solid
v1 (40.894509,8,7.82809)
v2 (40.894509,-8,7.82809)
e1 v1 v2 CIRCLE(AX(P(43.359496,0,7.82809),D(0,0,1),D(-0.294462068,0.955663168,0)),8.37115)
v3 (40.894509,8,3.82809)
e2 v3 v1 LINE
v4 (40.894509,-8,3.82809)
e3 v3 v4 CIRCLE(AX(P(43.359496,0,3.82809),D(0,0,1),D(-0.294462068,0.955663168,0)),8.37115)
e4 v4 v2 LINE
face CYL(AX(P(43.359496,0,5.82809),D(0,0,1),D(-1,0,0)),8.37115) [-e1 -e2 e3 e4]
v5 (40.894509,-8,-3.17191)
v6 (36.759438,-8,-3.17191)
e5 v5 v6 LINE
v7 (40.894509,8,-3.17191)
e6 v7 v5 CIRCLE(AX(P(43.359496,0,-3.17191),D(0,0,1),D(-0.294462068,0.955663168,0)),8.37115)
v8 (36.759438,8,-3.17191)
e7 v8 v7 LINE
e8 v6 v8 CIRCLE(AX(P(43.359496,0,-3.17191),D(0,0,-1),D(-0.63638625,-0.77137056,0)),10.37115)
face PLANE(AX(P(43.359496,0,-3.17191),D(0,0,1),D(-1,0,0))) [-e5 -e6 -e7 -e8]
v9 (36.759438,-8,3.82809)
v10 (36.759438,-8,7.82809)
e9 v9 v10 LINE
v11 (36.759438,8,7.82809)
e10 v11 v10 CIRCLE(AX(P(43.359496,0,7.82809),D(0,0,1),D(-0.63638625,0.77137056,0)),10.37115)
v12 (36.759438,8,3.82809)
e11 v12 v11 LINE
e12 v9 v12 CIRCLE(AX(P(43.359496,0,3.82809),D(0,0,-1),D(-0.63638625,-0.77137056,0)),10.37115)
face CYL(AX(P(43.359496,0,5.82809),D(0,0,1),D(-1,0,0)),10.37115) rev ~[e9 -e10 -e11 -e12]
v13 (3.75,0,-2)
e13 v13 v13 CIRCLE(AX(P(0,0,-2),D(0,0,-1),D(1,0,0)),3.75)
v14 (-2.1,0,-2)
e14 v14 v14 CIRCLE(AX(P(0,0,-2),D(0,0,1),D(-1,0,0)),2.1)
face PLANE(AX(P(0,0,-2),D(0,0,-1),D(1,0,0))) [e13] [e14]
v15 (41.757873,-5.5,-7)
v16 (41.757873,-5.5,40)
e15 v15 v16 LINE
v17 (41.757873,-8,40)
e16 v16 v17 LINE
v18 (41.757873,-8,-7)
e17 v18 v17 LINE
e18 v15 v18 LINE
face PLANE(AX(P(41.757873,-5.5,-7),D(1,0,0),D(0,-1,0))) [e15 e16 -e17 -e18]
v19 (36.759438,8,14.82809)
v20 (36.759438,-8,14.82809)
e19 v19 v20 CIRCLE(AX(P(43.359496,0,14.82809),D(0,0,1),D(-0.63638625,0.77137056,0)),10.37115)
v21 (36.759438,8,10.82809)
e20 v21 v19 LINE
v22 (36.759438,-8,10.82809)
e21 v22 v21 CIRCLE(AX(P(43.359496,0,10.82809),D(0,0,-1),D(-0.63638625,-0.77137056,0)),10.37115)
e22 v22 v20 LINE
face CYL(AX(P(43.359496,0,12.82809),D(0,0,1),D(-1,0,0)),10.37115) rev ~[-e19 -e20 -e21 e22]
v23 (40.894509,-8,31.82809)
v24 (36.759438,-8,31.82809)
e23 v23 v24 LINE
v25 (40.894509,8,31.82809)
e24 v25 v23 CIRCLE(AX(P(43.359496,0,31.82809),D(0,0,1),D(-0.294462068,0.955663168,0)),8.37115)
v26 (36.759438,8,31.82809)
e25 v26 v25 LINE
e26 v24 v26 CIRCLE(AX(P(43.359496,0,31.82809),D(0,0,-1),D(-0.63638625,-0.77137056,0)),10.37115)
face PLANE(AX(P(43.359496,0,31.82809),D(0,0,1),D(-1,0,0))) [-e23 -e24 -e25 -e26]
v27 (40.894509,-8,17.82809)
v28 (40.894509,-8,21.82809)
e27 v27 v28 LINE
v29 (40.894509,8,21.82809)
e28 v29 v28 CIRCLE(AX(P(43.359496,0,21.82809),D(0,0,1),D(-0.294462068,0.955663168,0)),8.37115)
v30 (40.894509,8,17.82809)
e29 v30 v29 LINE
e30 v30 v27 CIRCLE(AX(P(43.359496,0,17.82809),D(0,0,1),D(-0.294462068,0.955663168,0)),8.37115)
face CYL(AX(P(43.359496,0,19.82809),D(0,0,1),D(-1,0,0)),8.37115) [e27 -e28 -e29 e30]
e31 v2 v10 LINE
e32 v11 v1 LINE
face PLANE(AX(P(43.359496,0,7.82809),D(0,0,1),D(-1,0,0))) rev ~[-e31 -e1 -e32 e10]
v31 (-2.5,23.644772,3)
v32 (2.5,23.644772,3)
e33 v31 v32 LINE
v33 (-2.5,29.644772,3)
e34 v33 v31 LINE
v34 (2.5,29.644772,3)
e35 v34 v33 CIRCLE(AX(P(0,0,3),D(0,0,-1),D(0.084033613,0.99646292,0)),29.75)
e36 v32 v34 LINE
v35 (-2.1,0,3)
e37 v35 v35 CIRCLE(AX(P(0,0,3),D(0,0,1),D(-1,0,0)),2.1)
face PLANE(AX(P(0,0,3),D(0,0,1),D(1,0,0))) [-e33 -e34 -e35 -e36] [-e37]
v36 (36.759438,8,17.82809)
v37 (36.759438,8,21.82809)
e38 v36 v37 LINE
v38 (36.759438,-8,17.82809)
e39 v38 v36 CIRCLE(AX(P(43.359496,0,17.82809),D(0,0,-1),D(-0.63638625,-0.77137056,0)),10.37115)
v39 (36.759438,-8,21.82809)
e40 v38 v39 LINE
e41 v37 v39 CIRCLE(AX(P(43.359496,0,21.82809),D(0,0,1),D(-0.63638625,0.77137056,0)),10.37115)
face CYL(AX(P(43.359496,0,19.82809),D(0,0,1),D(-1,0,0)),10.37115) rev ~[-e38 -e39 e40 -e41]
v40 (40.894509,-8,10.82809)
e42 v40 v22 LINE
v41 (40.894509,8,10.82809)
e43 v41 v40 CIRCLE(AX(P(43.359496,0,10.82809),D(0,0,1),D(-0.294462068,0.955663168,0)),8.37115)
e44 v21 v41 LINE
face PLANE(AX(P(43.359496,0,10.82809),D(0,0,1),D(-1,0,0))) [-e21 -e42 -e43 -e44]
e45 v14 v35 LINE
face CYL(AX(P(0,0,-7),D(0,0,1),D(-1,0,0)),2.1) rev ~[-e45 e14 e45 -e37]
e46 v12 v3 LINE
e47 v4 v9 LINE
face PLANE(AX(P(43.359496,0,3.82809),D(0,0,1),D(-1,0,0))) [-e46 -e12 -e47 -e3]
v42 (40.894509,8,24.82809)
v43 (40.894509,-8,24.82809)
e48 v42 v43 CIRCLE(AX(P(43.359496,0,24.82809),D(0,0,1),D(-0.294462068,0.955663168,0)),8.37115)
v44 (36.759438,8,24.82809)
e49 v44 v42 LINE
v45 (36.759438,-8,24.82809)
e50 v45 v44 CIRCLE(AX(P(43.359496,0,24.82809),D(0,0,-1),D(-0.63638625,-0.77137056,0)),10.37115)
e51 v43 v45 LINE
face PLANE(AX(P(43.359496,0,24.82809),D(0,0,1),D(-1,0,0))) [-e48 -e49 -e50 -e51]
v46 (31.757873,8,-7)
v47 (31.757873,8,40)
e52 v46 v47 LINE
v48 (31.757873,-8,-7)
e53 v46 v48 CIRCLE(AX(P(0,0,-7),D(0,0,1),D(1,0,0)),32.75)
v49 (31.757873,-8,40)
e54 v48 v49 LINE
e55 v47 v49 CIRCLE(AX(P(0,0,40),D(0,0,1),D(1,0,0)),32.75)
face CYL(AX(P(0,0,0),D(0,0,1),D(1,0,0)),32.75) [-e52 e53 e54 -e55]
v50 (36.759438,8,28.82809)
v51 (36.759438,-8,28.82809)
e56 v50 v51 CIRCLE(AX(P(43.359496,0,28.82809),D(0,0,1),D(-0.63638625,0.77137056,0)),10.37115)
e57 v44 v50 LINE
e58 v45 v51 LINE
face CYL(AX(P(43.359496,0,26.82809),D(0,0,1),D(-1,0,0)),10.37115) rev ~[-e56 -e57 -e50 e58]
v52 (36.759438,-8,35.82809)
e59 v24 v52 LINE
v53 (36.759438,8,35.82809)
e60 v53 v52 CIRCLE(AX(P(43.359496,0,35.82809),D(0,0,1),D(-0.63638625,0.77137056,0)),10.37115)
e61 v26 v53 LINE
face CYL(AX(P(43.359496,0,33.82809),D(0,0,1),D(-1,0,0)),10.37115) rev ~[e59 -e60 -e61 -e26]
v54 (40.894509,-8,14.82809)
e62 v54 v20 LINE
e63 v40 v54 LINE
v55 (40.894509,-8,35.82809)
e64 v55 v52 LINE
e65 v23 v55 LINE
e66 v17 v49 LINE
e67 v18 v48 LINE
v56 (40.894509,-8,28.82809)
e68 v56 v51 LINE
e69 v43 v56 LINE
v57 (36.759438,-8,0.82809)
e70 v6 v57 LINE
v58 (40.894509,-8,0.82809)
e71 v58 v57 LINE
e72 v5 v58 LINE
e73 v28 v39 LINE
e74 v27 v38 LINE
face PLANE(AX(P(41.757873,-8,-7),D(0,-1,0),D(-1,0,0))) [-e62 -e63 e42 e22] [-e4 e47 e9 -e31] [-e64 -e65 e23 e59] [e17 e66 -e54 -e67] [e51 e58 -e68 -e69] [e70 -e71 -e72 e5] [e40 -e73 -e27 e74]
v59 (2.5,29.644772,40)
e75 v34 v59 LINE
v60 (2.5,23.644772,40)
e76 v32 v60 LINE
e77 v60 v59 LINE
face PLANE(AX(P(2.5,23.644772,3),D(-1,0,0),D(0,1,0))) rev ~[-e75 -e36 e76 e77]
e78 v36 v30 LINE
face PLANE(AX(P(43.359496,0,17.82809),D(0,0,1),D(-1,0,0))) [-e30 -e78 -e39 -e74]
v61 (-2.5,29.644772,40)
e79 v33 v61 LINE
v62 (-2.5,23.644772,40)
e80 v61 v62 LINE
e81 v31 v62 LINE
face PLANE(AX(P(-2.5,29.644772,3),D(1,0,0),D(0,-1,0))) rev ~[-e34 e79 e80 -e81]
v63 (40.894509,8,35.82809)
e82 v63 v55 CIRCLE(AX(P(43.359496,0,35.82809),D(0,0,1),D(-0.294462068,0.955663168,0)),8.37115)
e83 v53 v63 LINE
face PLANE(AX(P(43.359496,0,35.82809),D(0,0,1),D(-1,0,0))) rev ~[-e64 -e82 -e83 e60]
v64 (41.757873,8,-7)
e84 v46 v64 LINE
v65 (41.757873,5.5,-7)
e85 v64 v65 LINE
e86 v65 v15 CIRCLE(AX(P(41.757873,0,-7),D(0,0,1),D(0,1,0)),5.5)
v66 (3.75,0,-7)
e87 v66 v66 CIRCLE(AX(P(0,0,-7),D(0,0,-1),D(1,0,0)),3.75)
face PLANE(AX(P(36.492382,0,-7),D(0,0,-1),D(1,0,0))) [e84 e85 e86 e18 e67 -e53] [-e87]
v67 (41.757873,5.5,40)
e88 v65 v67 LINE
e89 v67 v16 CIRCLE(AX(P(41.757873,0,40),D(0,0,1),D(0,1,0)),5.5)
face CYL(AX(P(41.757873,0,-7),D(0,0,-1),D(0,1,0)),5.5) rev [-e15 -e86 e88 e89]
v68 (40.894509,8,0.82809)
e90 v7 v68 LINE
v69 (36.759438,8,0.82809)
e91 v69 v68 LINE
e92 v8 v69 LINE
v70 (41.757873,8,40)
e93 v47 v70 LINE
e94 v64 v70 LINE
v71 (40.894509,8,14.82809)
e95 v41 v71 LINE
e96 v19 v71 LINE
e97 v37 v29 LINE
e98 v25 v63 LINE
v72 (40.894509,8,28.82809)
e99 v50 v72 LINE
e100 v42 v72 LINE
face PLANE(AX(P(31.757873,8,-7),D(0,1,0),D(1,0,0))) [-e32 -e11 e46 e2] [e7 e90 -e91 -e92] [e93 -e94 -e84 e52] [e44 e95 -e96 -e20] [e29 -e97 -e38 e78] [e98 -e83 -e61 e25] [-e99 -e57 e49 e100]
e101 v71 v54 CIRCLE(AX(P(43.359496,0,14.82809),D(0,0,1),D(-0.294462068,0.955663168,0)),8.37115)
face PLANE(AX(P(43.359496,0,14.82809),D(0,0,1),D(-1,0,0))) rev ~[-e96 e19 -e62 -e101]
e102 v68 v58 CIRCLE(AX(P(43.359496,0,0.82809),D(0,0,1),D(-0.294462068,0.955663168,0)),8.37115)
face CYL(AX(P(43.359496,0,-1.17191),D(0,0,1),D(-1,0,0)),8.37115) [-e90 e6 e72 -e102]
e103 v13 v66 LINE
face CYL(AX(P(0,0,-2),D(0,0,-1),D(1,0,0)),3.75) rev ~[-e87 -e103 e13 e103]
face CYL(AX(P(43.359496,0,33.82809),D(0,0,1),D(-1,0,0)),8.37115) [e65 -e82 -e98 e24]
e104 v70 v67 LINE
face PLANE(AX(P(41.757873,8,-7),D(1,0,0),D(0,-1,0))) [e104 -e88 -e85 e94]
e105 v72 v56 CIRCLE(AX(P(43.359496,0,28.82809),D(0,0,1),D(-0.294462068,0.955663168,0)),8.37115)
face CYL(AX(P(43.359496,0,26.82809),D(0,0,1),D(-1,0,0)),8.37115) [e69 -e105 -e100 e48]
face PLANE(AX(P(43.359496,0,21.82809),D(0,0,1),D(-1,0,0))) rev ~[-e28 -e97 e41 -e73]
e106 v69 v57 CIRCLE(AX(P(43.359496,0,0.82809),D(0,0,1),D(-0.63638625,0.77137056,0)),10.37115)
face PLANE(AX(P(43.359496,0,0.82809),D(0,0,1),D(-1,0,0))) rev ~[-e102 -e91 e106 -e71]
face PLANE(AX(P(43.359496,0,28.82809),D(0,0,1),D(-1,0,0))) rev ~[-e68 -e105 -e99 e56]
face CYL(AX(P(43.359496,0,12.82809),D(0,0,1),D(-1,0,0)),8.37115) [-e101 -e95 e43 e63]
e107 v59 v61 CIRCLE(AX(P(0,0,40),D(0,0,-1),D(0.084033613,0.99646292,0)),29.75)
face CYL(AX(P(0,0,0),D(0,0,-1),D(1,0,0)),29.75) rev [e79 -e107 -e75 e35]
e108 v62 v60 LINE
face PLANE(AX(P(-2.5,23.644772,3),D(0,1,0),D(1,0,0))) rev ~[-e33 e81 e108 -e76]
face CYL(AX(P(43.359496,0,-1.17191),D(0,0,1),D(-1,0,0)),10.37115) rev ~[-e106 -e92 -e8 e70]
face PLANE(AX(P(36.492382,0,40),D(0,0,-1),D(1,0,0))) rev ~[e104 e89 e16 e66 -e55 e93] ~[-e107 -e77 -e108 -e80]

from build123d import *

# Parameters (mm, degrees)
F0_R           = 32.75
F1_DEPTH       = 40
F2_T           = -3
F3_DEPTH       = 7
F5_D           = 4.2
F5_DEPTH       = 15
F5_CBORE_D     = 7.5
F5_CBORE_DEPTH = 5
F5_TIP         = 1.2618073
F7_DEPTH       = 37
F9_DEPTH       = 47
F10_W          = 2
F10_H          = 4


with BuildPart() as f1:
    # F0 (on Top) → F1 (new body)
    with BuildSketch(Plane.XY):
        Circle(F0_R)
    extrude(amount=F1_DEPTH)

    # F2
    f2_openings = [f1.faces().sort_by_distance(p)[0] for p in [
        (0, 0, 40),
    ]]
    offset(amount=F2_T, openings=f2_openings)

    # F3 (add): a face of the model
    f3_faces = [f1.faces().sort_by_distance(p)[0] for p in [
        (0, 0, 0),
    ]]
    extrude(f3_faces, amount=F3_DEPTH)

    # F5
    with Locations(Plane(origin=(0, 0, -7), x_dir=(1, 0, 0), z_dir=(0, 0, -1))):
        with Locations((0, 0)):
            CounterBoreHole(F5_D / 2, F5_CBORE_D / 2, F5_CBORE_DEPTH, depth=F5_DEPTH)
            with Locations((0, 0, -(F5_DEPTH + F5_TIP / 2))):  # 118° drill point
                Cone(0, F5_D / 2, F5_TIP, mode=Mode.SUBTRACT)

    # F6 (on face) → F7 (join)
    with BuildSketch(Plane.XY.offset(3)):
        with BuildLine():
            ThreePointArc((2.5, 29.6447718831), (0, 29.75), (-2.5, 29.6447718831))
            Line((-2.5, 29.6447718831), (-2.5, 23.6447718831))
            Line((-2.5, 23.6447718831), (2.5, 23.6447718831))
            Line((2.5, 23.6447718831), (2.5, 29.6447718831))
        make_face()
    extrude(amount=F7_DEPTH)

    # F8 (on face) → F9 (join)
    with BuildSketch(Plane(origin=(0, 0, -7), x_dir=(1, 0, 0), z_dir=(0, 0, -1))):
        with BuildLine():
            ThreePointArc((32.75, 0), (32.5010218458, -4.0306425017), (31.7578730396, -8))
            Line((31.7578730396, -8), (41.7578730396, -8))
            Line((41.7578730396, -8), (41.7578730396, -5.5))
            ThreePointArc((41.7578730396, -5.5), (36.2578730396, 0), (41.7578730396, 5.5))
            Line((41.7578730396, 5.5), (41.7578730396, 8))
            Line((41.7578730396, 8), (31.7578730396, 8))
            ThreePointArc((31.7578730396, 8), (32.5010218458, 4.0306425017), (32.75, 0))
        make_face()
    extrude(amount=-F9_DEPTH)

    # F10 (on Front) → F11 (revolve, cut)
    with BuildSketch(Plane.XZ):
        with Locations((33.9883454144, -1.1719100263)):
            Rectangle(F10_W, F10_H)
        with Locations((33.9883454144, 5.8280899737)):
            Rectangle(F10_W, F10_H)
        with Locations((33.9883454144, 12.8280899737)):
            Rectangle(F10_W, F10_H)
        with Locations((33.9883454144, 19.8280899737)):
            Rectangle(F10_W, F10_H)
        with Locations((33.9883454144, 26.8280899737)):
            Rectangle(F10_W, F10_H)
        with Locations((33.9883454144, 33.8280899737)):
            Rectangle(F10_W, F10_H)
    revolve(axis=Axis((43.3594956994, 0, 17.8845692426), (0, 0, 1)), mode=Mode.SUBTRACT)


solid = f1.part
